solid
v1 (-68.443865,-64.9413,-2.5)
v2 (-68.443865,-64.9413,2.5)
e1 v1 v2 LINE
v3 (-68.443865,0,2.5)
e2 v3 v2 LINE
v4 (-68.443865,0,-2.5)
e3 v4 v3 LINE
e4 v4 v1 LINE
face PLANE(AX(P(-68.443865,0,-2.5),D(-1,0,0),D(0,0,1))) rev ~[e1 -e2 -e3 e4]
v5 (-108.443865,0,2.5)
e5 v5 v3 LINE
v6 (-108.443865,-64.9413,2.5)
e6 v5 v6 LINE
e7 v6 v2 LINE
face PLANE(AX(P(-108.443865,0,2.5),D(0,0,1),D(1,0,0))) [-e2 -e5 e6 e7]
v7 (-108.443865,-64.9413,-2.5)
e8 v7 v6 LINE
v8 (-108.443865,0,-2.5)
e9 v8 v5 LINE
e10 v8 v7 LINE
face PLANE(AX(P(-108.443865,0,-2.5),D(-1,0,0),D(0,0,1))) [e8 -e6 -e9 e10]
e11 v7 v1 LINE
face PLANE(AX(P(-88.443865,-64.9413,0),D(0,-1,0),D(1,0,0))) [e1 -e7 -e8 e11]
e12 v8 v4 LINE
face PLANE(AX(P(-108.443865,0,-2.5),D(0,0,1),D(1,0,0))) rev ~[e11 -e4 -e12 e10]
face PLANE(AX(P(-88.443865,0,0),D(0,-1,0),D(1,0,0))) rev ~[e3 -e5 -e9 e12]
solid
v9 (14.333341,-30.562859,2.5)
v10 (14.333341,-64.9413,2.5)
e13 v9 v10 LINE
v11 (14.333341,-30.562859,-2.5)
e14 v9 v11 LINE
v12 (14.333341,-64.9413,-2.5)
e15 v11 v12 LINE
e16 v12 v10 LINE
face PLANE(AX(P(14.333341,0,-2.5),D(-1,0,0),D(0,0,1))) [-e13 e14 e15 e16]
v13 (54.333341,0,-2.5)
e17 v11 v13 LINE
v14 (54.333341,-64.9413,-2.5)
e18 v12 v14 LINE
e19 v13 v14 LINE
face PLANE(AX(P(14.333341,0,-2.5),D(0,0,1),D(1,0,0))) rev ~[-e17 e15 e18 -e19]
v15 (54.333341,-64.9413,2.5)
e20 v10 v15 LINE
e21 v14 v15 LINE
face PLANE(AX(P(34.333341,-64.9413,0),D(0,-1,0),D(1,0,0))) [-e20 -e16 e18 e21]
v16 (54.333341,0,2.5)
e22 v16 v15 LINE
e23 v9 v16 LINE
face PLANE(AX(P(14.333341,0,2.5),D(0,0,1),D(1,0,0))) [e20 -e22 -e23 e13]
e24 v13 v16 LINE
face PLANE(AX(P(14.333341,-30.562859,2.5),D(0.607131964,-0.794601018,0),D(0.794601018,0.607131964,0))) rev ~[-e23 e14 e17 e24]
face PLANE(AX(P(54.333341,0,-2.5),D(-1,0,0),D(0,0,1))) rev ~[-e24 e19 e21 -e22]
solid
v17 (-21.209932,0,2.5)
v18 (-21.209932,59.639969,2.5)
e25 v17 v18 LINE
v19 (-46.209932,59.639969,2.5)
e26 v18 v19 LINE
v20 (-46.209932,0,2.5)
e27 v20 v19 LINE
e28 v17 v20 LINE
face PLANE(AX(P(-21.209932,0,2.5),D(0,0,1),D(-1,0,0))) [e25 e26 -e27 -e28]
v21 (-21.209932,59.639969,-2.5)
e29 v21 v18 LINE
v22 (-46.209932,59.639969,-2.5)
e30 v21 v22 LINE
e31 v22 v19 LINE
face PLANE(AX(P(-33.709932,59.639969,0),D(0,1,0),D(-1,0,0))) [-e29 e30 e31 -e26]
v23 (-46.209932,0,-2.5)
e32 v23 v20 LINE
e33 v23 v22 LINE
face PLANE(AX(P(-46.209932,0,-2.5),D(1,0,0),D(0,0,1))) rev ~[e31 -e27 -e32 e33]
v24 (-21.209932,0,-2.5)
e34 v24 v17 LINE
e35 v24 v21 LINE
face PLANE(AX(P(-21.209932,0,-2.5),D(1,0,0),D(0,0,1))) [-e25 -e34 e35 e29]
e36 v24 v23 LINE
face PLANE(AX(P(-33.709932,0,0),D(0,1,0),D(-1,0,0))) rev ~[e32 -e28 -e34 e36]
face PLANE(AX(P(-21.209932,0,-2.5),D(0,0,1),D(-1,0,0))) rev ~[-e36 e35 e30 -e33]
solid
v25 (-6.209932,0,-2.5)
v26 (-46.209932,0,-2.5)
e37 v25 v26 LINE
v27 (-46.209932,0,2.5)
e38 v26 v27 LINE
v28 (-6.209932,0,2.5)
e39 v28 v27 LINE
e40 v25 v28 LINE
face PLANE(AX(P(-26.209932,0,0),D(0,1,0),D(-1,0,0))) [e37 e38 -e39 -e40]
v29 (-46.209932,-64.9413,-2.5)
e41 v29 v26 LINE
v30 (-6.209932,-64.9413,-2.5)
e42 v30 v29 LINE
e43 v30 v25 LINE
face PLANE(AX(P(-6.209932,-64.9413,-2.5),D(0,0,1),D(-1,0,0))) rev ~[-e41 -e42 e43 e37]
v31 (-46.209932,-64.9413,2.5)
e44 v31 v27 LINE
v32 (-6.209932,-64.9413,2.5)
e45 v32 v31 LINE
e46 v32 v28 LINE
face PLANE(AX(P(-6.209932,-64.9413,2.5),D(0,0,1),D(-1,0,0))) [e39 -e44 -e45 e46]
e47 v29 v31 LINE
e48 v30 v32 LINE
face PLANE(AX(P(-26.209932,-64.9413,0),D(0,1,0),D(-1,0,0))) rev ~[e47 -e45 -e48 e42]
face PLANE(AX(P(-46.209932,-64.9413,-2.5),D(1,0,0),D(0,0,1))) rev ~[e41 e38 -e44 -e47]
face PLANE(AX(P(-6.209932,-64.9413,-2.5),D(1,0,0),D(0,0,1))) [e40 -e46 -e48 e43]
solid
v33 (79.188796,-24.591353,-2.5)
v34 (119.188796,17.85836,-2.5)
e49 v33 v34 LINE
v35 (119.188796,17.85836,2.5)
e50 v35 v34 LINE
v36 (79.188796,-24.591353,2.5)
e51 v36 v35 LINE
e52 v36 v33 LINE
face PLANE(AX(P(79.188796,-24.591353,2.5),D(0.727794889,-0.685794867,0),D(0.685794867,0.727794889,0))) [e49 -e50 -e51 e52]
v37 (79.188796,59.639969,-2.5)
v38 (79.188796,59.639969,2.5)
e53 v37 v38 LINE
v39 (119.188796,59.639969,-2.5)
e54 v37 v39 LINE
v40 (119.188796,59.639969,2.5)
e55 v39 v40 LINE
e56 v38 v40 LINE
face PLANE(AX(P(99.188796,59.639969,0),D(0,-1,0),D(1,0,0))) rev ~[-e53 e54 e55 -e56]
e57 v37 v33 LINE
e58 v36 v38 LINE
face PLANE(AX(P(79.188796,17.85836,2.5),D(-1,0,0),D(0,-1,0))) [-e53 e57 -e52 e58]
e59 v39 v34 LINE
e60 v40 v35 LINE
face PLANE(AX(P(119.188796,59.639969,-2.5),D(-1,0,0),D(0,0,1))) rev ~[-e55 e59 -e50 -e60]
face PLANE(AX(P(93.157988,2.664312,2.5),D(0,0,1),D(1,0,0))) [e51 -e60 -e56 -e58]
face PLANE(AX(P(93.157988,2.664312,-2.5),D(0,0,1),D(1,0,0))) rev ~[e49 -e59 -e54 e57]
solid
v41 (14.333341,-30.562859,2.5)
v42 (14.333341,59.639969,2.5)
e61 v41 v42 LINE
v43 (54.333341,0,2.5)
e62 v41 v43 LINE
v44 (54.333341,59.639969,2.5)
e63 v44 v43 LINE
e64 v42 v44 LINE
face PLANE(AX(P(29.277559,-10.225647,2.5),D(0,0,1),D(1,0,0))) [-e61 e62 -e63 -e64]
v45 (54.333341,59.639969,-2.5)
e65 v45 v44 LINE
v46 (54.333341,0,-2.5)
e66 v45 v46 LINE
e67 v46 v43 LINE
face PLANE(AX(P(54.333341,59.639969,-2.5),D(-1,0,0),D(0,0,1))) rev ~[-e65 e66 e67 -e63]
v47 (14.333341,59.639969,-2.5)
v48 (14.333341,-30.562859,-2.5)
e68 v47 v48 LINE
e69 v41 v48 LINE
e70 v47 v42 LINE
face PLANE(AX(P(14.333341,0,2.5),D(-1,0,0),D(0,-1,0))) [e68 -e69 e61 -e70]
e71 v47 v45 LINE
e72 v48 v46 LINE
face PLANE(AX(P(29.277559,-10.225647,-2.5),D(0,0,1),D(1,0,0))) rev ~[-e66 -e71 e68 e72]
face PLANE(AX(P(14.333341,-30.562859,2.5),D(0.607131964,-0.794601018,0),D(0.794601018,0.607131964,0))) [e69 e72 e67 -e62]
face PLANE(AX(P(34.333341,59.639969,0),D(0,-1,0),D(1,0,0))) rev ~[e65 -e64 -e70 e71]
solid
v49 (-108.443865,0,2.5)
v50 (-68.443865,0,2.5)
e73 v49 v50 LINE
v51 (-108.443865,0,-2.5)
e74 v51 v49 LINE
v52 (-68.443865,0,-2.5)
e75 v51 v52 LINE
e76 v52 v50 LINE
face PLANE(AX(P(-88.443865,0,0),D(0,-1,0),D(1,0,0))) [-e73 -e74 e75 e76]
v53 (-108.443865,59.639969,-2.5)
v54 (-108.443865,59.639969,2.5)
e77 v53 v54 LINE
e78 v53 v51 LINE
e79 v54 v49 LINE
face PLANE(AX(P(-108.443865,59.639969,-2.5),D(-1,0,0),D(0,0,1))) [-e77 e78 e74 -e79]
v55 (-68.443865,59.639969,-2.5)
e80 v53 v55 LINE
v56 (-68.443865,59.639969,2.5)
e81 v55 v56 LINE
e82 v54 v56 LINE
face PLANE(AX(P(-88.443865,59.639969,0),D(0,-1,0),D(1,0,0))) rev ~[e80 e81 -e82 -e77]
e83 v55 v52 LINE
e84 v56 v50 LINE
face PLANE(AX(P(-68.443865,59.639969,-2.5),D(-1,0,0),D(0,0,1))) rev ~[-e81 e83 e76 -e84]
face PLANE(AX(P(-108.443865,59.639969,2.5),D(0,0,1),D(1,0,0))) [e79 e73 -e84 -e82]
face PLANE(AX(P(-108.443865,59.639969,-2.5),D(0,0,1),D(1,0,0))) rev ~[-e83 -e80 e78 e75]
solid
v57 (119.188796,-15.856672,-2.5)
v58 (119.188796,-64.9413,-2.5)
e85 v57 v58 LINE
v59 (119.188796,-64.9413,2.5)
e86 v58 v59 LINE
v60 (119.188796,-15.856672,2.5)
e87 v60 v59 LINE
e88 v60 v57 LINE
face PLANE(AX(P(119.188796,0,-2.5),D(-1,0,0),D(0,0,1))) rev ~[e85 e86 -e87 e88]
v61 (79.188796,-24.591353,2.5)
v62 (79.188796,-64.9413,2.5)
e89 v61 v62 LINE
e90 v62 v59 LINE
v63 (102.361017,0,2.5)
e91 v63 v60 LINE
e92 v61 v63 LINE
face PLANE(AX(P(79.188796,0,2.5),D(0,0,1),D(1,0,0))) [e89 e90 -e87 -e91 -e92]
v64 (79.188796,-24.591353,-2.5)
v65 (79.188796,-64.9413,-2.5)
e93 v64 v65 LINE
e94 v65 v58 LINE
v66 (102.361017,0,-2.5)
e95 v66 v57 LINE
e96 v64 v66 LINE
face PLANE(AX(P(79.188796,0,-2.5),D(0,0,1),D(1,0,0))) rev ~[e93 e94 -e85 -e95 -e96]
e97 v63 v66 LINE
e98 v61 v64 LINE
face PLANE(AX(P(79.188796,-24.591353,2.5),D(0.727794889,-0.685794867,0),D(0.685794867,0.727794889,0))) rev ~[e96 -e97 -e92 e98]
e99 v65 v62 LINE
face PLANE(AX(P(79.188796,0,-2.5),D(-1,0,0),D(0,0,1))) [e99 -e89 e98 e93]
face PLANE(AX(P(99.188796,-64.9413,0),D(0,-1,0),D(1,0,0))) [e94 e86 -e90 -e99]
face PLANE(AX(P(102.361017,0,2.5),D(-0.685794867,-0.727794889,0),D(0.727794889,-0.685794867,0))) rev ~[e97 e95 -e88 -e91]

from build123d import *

# Parameters (mm, degrees)
ESQUISSE11_W                  = 40
ESQUISSE11_H                  = 5
EL_MENT_M_CANO_SOUD_1_DEPTH   = 59.639969087
ESQUISSE11_ON_SEGMENT_2_W     = 40
ESQUISSE11_ON_SEGMENT_2_H     = 5
EL_MENT_M_CANO_SOUD_1_2_DEPTH = 64.941299673
ESQUISSE12_W                  = 40
ESQUISSE12_H                  = 5
EL_MENT_M_CANO_SOUD_2_DEPTH   = 64.941299673
ESQUISSE14_W                  = 25
ESQUISSE14_H                  = 5
EL_MENT_M_CANO_SOUD_3_DEPTH   = 59.639969087
ESQUISSE15_W                  = 40
ESQUISSE15_H                  = 5
EL_MENT_M_CANO_SOUD_4_DEPTH   = 59.639969087
ESQUISSE15_ON_SEGMENT_2_W     = 40
ESQUISSE15_ON_SEGMENT_2_H     = 5
EL_MENT_M_CANO_SOUD_4_2_DEPTH = 64.941299673
ESQUISSE16_W                  = 40
ESQUISSE16_H                  = 5
EL_MENT_M_CANO_SOUD_5_DEPTH   = 59.639969087
ESQUISSE16_ON_SEGMENT_2_W     = 40
ESQUISSE16_ON_SEGMENT_2_H     = 5
EL_MENT_M_CANO_SOUD_5_2_DEPTH = 64.941299673
ENL_V_MAT_EXTRU_1_DEPTH       = 6
BOSS_EXTRU_1_DEPTH            = 5
ENL_V_MAT_EXTRU_3_DEPTH       = 6
BOSS_EXTRU_3_DEPTH            = 5


with BuildPart() as part:
    # Esquisse11 → El_ment m_cano-soud_1 (new body)
    with BuildSketch(Plane(origin=(-88.443865269, 59.639969087, 0), x_dir=(1, 0, 0), z_dir=(0, -1, 0))):
        Rectangle(ESQUISSE11_W, ESQUISSE11_H)
    extrude(amount=EL_MENT_M_CANO_SOUD_1_DEPTH)


with BuildPart() as body_2:
    # Esquisse11 on segment 2 (carried to segment 2) → El_ment m_cano-soud_1 2 (new body)
    with BuildSketch(Plane(origin=(-88.443865269, 0, 0), x_dir=(1, 0, 0), z_dir=(0, -1, 0))):
        Rectangle(ESQUISSE11_ON_SEGMENT_2_W, ESQUISSE11_ON_SEGMENT_2_H)
    extrude(amount=EL_MENT_M_CANO_SOUD_1_2_DEPTH)


with BuildPart() as body_3:
    # Esquisse12 → El_ment m_cano-soud_2 (new body)
    with BuildSketch(Plane(origin=(-26.209931604, -64.941299673, 0), x_dir=(-1, 0, 0), z_dir=(0, 1, 0))):
        Rectangle(ESQUISSE12_W, ESQUISSE12_H)
    extrude(amount=EL_MENT_M_CANO_SOUD_2_DEPTH)


with BuildPart() as body_4:
    # Esquisse14 → El_ment m_cano-soud_3 (new body)
    with BuildSketch(Plane(origin=(-33.709931604, 0, 0), x_dir=(-1, 0, 0), z_dir=(0, 1, 0))):
        Rectangle(ESQUISSE14_W, ESQUISSE14_H)
    extrude(amount=EL_MENT_M_CANO_SOUD_3_DEPTH)


with BuildPart() as body_5:
    # Esquisse15 → El_ment m_cano-soud_4 (new body)
    with BuildSketch(Plane(origin=(34.333341249, 59.639969087, 0), x_dir=(1, 0, 0), z_dir=(0, -1, 0))):
        Rectangle(ESQUISSE15_W, ESQUISSE15_H)
    extrude(amount=EL_MENT_M_CANO_SOUD_4_DEPTH)

    # Esquisse17_2 → Boss.-Extru.1 (add)
    with BuildSketch(Plane.XY.offset(2.5)):
        Polygon((14.333341249, 0), (14.333341249, -30.562858598), (54.333341249, 0), align=None)
    extrude(amount=-BOSS_EXTRU_1_DEPTH)


with BuildPart() as body_6:
    # Esquisse15 on segment 2 (carried to segment 2) → El_ment m_cano-soud_4 2 (new body)
    with BuildSketch(Plane(origin=(34.333341249, 0, 0), x_dir=(1, 0, 0), z_dir=(0, -1, 0))):
        Rectangle(ESQUISSE15_ON_SEGMENT_2_W, ESQUISSE15_ON_SEGMENT_2_H)
    extrude(amount=EL_MENT_M_CANO_SOUD_4_2_DEPTH)

    # Esquisse17 → Enl_v. mat.-Extru.1 (cut, through all)
    with BuildSketch(Plane.XY.offset(2.5)):
        Polygon((14.333341249, 0), (14.333341249, -30.562858598), (54.333341249, 0), align=None)
    extrude(amount=-ENL_V_MAT_EXTRU_1_DEPTH, mode=Mode.SUBTRACT)


with BuildPart() as body_7:
    # Esquisse16 → El_ment m_cano-soud_5 (new body)
    with BuildSketch(Plane(origin=(99.188796365, 59.639969087, 0), x_dir=(1, 0, 0), z_dir=(0, -1, 0))):
        Rectangle(ESQUISSE16_W, ESQUISSE16_H)
    extrude(amount=EL_MENT_M_CANO_SOUD_5_DEPTH)


with BuildPart() as body_8:
    # Esquisse16 on segment 2 (carried to segment 2) → El_ment m_cano-soud_5 2 (new body)
    with BuildSketch(Plane(origin=(99.188796365, 0, 0), x_dir=(1, 0, 0), z_dir=(0, -1, 0))):
        Rectangle(ESQUISSE16_ON_SEGMENT_2_W, ESQUISSE16_ON_SEGMENT_2_H)
    extrude(amount=EL_MENT_M_CANO_SOUD_5_2_DEPTH)


with BuildPart() as enl_v_mat_extru_3_tool:
    # Esquisse19 → Enl_v. mat.-Extru.3 (new body, through all)
    with BuildSketch(Plane.XY.offset(2.5)):
        Polygon((79.188796365, 17.858360365), (79.188796365, -24.591353025), (102.361016916, 0), (119.188796365, -15.856671912), (119.188796365, 17.858360365), align=None)
    extrude(amount=-ENL_V_MAT_EXTRU_3_DEPTH)


with BuildPart() as body_7_1:
    add(body_7.part)

    # Enl_v. mat.-Extru.3: cut by enl_v_mat_extru_3_tool
    add(enl_v_mat_extru_3_tool.part, mode=Mode.SUBTRACT)

    # Esquisse21 → Boss.-Extru.3 (add)
    with BuildSketch(Plane.XY.offset(2.5)):
        Polygon((79.188796365, 17.858360365), (79.188796365, -24.591353025), (119.188796365, 17.858360365), align=None)
    extrude(amount=-BOSS_EXTRU_3_DEPTH)


with BuildPart() as body_8_1:
    add(body_8.part)

    # Enl_v. mat.-Extru.3: cut by enl_v_mat_extru_3_tool
    add(enl_v_mat_extru_3_tool.part, mode=Mode.SUBTRACT)


solid = Compound([part.part, body_2.part, body_3.part, body_4.part, body_5.part, body_6.part, body_7_1.part, body_8_1.part])
